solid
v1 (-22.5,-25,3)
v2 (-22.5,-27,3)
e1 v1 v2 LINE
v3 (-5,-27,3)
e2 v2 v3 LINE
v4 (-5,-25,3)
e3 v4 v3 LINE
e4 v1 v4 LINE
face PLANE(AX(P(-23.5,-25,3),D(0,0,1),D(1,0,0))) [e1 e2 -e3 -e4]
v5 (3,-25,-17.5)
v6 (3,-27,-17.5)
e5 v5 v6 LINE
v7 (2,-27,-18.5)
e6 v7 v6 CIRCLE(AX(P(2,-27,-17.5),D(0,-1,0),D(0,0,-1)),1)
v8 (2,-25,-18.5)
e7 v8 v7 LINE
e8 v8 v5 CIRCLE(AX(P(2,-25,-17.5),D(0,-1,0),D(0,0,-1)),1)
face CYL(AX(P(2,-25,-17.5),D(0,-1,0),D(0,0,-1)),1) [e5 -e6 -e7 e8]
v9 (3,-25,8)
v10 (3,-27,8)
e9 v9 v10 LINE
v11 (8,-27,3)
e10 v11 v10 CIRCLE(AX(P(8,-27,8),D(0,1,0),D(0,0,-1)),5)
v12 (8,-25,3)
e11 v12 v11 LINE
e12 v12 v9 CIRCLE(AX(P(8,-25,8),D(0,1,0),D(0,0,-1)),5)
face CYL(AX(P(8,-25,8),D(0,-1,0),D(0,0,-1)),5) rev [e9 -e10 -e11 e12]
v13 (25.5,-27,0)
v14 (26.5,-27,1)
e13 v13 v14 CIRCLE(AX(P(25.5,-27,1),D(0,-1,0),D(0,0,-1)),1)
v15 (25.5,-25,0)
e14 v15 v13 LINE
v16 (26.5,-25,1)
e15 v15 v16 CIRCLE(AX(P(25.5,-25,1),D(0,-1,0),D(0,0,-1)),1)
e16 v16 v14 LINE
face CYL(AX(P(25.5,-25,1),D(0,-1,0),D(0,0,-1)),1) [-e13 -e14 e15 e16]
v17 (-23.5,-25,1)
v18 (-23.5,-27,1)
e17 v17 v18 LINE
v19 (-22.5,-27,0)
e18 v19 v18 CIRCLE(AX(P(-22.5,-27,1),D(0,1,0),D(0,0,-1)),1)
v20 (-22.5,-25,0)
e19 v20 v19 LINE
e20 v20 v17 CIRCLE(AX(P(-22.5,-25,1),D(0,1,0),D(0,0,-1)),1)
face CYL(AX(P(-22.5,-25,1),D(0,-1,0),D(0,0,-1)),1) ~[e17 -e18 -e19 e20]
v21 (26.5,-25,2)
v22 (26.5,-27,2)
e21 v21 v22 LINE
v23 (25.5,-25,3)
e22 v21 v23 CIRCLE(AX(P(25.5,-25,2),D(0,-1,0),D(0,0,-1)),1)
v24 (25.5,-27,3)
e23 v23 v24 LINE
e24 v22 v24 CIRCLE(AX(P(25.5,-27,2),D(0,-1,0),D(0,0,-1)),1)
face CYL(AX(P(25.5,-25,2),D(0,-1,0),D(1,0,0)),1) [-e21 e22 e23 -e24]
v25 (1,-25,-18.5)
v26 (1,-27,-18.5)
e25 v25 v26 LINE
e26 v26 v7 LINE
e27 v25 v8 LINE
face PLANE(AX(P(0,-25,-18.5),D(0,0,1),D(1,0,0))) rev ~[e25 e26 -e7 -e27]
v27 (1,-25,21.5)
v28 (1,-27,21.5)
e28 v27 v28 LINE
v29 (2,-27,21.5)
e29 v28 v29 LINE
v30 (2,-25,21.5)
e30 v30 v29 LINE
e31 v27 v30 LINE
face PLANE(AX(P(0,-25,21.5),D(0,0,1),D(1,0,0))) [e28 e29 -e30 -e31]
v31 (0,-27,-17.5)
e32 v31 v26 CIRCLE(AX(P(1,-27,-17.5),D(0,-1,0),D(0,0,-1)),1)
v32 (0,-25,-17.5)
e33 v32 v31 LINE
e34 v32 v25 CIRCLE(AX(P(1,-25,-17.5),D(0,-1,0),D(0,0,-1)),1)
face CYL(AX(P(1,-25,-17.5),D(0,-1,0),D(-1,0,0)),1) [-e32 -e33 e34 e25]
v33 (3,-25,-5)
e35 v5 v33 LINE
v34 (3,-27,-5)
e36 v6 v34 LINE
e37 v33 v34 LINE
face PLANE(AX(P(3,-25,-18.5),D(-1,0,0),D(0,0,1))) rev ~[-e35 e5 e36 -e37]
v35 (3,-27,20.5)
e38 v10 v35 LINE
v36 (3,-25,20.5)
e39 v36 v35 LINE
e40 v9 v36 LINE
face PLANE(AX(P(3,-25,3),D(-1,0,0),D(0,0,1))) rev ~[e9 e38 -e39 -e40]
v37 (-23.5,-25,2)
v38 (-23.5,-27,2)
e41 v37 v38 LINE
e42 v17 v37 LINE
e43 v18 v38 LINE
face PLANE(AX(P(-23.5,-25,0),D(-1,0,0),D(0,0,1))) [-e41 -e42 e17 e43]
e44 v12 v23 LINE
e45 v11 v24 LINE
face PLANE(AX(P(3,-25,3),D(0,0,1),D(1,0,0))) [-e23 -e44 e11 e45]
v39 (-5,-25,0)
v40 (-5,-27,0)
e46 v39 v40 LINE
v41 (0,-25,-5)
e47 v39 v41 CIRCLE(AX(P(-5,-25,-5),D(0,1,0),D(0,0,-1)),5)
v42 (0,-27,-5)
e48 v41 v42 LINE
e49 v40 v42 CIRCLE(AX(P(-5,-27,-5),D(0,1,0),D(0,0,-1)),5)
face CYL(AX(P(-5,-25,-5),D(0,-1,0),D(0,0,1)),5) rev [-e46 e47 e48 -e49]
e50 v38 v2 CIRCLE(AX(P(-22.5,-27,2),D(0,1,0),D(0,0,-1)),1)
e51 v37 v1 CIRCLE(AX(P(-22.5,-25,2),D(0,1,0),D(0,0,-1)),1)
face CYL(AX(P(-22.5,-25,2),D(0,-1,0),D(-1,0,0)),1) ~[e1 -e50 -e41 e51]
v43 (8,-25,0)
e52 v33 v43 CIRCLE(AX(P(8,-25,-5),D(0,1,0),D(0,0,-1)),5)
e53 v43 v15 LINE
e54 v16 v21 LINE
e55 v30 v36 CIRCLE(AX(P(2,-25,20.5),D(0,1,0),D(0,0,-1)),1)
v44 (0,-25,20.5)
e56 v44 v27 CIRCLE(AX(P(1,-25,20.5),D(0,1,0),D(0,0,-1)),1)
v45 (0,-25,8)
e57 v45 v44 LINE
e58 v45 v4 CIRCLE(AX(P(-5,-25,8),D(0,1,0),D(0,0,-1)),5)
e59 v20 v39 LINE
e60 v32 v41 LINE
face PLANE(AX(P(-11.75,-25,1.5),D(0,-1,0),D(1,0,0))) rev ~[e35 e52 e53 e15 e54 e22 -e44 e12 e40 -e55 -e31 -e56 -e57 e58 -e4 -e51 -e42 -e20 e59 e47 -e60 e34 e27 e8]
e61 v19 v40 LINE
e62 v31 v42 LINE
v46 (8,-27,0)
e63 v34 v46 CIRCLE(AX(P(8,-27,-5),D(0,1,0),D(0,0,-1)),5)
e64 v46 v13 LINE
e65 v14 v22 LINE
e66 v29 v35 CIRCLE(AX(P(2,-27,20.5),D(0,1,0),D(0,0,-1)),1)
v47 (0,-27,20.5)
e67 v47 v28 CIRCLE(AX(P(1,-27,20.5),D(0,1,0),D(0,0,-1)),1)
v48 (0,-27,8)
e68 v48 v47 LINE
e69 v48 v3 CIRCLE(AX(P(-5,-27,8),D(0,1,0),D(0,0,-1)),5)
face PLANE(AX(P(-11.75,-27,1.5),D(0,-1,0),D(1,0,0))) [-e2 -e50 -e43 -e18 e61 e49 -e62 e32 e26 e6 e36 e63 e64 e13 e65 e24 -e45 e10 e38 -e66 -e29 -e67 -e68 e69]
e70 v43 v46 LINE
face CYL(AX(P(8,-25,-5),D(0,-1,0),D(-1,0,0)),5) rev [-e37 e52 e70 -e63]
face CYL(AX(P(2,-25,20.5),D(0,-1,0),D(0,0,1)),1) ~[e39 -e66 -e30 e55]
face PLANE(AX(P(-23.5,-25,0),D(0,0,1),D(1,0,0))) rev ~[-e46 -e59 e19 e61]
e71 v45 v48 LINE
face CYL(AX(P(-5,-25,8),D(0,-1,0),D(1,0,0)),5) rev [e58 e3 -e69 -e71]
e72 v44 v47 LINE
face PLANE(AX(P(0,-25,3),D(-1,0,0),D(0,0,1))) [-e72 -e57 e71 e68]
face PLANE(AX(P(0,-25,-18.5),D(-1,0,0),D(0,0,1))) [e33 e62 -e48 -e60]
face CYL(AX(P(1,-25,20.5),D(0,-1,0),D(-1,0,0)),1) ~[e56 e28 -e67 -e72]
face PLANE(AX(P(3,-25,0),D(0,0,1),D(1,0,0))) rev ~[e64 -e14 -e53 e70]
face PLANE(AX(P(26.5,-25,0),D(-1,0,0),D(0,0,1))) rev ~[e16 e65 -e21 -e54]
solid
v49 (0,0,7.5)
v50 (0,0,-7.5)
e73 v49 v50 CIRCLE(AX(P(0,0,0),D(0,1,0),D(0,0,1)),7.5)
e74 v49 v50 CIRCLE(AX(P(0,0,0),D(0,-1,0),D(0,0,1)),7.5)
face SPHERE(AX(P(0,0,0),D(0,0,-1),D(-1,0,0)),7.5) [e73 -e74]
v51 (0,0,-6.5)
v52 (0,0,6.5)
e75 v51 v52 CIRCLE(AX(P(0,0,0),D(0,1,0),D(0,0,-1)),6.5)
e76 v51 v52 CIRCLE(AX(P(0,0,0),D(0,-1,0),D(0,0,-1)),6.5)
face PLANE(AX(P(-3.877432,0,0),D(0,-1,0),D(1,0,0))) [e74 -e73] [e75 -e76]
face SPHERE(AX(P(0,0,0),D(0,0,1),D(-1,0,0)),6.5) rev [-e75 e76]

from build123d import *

# Parameters (mm, degrees)
F1_ANGLE = 180
F4_W     = 23.5
F4_H     = 3
F4_W_2   = 3
F4_H_2   = 18.5
F5_DEPTH = 2
F6_R     = 5
F7_R     = 1


with BuildPart() as f1:
    # F0 (on Front) → F1 (revolve)
    with BuildSketch(Plane.XZ):
        with BuildLine():
            Line((0, 6.5), (0, 7.5))
            ThreePointArc((0, 7.5), (-7.5, 0), (0, -7.5))
            Line((0, -7.5), (0, -6.5))
            ThreePointArc((0, -6.5), (-6.5, 0), (0, 6.5))
        make_face()
    revolve(axis=Axis((0, 0, -1.1614337564), (0, 0, -1)), revolution_arc=F1_ANGLE)


with BuildPart() as f5:
    # F4 (on offset) → F5 (new body)
    with BuildSketch(Plane.XZ.offset(25)):
        with Locations((-11.75, 1.5)):
            Rectangle(F4_W, F4_H)
        with Locations((14.75, 1.5)):
            Rectangle(F4_W, F4_H)
        with Locations((1.5, -9.25)):
            Rectangle(F4_W_2, F4_H_2)
        with Locations((1.5, 12.25)):
            Rectangle(F4_W_2, F4_H_2)
        with Locations((1.5, 1.5)):
            Rectangle(F4_W_2, F4_H)
    extrude(amount=F5_DEPTH)

    # F6
    f6_edges = [f5.edges().sort_by_distance(p)[0] for p in [
        (0, -26, 3),
        (0, -26, 0),
        (3, -26, 0),
        (3, -26, 3),
    ]]
    fillet(f6_edges, radius=F6_R)

    # F7
    f7_edges = [f5.edges().sort_by_distance(p)[0] for p in [
        (3, -26, 21.5),
        (0, -26, 21.5),
        (26.5, -26, 3),
        (26.5, -26, 0),
        (3, -26, -18.5),
        (0, -26, -18.5),
        (-23.5, -26, 3),
        (-23.5, -26, 0),
    ]]
    fillet(f7_edges, radius=F7_R)


solid = Compound([f1.part, f5.part])
